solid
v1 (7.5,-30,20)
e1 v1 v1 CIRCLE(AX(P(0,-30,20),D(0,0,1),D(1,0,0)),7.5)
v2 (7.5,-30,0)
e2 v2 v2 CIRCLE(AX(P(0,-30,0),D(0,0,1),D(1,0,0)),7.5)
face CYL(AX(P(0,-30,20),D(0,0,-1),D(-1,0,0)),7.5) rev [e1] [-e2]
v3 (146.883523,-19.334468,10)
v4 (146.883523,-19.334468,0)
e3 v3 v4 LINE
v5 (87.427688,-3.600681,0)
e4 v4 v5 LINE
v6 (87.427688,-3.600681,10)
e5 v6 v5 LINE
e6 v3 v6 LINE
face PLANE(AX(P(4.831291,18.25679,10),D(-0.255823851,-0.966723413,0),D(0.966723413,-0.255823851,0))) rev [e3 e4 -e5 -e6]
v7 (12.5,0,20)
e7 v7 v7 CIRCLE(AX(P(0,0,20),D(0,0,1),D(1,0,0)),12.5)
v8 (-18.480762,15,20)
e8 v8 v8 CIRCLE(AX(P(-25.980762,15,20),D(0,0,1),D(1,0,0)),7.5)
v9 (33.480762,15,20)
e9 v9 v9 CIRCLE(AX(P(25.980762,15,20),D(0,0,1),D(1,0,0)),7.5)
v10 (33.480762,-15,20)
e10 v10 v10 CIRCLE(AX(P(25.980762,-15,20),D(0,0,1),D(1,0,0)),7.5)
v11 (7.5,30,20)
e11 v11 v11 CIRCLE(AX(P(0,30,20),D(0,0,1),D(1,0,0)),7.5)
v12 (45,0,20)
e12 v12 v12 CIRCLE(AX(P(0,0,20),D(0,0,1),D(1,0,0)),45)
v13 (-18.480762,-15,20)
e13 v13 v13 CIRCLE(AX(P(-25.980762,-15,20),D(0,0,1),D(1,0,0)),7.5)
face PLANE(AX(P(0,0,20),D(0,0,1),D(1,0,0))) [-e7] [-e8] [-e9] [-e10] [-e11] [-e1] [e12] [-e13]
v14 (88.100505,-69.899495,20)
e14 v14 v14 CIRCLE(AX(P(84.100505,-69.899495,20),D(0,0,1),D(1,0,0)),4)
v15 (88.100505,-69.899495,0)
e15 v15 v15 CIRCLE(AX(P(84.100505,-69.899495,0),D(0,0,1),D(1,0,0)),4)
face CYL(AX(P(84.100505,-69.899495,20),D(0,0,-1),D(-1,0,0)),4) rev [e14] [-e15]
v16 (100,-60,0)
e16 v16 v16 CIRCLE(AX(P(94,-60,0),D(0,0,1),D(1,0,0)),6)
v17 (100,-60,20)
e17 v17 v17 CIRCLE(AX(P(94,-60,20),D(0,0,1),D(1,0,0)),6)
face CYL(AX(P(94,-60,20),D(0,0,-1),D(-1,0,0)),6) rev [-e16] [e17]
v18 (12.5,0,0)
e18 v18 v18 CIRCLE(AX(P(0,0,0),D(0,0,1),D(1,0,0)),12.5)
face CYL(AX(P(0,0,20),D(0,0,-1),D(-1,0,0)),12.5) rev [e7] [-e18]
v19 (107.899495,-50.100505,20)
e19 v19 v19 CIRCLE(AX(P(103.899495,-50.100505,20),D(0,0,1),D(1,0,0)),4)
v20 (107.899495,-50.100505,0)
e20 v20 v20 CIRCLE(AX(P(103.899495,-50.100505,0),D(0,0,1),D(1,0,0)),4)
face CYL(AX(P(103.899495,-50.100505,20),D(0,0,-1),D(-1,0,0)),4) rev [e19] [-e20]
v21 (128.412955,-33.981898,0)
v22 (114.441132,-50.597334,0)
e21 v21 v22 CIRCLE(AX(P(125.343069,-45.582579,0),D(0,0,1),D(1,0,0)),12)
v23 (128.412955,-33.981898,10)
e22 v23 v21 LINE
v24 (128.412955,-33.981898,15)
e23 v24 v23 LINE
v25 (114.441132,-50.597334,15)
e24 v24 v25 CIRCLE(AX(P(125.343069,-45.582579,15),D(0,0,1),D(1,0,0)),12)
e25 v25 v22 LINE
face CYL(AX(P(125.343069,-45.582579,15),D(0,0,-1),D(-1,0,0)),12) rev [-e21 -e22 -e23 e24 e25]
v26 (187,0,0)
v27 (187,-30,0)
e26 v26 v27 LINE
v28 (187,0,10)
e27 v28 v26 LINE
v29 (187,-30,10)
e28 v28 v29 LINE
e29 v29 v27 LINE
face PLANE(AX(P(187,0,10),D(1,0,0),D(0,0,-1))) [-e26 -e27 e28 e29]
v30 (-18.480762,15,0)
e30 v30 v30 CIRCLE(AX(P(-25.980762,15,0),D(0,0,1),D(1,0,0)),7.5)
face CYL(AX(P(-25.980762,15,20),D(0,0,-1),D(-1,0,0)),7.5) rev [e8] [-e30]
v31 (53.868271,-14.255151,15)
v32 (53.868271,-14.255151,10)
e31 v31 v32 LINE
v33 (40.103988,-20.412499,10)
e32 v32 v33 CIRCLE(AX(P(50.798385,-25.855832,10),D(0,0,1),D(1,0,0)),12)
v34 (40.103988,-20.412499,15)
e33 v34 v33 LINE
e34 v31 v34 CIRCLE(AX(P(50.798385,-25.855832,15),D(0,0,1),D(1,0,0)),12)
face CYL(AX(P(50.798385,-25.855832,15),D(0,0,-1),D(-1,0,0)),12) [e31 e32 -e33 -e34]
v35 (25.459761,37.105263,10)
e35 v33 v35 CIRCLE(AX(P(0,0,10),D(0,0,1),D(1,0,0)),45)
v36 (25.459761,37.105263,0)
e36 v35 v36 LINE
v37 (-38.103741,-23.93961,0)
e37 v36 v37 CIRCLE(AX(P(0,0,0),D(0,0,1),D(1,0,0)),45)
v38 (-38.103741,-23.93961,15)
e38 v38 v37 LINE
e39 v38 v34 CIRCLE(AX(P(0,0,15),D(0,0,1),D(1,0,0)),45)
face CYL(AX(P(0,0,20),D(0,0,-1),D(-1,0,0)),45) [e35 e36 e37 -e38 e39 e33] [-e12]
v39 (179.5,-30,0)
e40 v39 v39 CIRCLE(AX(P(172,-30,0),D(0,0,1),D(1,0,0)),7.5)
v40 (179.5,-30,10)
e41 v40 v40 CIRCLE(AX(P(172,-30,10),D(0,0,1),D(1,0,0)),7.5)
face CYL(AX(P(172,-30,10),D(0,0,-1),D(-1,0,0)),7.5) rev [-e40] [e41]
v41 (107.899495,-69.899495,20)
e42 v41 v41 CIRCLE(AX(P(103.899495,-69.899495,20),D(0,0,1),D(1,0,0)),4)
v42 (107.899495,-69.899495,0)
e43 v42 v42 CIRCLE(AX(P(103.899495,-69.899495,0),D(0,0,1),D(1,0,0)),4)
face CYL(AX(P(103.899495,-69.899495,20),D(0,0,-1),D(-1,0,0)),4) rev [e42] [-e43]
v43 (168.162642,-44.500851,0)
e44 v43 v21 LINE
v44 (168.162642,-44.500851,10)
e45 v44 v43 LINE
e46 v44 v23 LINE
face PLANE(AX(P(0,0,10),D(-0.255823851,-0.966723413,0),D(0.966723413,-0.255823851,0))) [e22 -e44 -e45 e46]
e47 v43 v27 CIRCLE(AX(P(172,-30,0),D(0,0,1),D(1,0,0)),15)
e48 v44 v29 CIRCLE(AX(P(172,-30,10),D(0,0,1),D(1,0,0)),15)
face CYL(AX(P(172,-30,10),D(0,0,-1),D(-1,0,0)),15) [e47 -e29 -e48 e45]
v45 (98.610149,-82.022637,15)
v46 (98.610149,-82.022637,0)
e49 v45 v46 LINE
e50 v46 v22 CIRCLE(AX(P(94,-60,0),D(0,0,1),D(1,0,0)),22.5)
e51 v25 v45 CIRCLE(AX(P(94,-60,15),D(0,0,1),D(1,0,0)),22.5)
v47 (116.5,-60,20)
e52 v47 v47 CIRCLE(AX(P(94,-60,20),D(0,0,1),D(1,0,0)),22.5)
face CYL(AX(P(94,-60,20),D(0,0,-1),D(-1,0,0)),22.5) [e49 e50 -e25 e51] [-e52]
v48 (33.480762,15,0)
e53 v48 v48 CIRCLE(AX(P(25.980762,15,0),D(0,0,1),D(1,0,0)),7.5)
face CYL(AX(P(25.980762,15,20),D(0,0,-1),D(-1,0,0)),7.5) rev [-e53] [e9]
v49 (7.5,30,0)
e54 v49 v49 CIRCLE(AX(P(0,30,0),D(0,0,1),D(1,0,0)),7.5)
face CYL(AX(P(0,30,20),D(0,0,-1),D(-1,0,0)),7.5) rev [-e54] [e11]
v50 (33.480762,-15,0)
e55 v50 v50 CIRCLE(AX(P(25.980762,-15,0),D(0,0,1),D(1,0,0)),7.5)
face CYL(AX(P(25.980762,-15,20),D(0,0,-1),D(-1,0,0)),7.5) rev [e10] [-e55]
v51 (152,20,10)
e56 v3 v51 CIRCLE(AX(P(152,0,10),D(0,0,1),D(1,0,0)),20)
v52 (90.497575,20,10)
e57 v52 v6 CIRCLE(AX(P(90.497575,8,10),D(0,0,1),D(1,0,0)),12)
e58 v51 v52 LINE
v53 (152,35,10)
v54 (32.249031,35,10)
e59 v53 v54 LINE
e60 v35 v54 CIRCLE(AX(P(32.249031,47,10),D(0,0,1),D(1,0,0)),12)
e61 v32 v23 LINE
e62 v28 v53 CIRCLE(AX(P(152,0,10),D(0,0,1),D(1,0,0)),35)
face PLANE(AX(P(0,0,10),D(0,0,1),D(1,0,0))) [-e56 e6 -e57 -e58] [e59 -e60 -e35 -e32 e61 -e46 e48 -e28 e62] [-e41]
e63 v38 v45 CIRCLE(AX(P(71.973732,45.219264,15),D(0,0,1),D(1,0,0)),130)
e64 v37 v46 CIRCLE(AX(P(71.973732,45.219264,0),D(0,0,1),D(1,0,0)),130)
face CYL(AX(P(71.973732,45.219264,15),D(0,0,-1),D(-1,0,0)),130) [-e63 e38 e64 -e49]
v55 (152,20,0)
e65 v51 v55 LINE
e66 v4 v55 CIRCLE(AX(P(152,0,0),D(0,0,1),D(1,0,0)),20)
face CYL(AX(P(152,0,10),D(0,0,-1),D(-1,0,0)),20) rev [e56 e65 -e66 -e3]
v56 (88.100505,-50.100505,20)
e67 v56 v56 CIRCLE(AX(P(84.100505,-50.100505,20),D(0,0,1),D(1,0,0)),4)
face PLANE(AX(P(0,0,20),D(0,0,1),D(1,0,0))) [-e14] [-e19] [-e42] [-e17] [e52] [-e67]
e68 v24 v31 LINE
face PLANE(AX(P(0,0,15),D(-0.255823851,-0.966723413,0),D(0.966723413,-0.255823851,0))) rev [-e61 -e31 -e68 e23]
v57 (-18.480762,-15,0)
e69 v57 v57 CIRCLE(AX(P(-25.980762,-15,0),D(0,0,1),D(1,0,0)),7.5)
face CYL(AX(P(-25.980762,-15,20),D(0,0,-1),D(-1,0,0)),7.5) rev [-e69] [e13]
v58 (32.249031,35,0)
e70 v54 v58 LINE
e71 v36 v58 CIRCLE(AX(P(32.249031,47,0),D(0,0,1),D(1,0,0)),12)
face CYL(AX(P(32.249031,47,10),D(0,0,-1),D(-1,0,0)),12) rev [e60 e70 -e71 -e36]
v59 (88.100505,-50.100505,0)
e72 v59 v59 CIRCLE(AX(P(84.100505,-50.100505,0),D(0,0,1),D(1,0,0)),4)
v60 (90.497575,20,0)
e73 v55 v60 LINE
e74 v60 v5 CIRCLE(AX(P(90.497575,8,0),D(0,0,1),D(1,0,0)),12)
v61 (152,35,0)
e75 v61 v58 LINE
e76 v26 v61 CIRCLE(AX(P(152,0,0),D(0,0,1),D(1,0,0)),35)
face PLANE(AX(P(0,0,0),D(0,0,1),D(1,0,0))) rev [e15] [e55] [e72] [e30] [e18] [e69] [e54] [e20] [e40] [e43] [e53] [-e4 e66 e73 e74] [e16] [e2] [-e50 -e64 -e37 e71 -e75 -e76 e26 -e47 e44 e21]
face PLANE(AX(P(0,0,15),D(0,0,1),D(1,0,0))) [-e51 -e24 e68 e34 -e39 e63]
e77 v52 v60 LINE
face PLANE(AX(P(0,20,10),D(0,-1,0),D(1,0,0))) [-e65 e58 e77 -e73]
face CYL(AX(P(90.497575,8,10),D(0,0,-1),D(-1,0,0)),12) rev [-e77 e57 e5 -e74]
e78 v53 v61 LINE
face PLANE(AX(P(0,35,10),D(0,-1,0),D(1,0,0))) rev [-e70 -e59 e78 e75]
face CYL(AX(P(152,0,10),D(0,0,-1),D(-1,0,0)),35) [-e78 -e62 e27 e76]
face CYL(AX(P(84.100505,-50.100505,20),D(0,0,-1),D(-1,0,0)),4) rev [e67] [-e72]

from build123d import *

# Parameters (mm, degrees)
SKETCH_5_R      = 7.5
EXTRUDE_1_DEPTH = 10
SKETCH_5_3_R    = 45
SKETCH_5_3_R_2  = 7.5
SKETCH_5_3_R_3  = 12.5
SKETCH_5_3_R_4  = 22.5
SKETCH_5_3_R_5  = 4
SKETCH_5_3_R_6  = 6
EXTRUDE_2_DEPTH = 20
EXTRUDE_3_DEPTH = 15


with BuildPart() as part:
    # Эскиз5 → Бобышка-Вытянуть1 (new body)
    with BuildSketch(Plane.XY):
        with BuildLine():
            ThreePointArc((187, 0), (176.748737342, 24.748737342), (152, 35))
            Line((152, 35), (32.249030993, 35))
            ThreePointArc((32.249030993, 35), (28.694937727, 35.538393609), (25.45976131, 37.105263158))
            ThreePointArc((25.45976131, 37.105263158), (39.816386444, 20.967960571), (45, 0))
            ThreePointArc((45, 0), (43.758881795, -10.495725989), (40.103988265, -20.41249924))
            ThreePointArc((40.103988265, -20.41249924), (45.898229653, -14.901907218), (53.868271349, -14.255151415))
            Line((53.868271349, -14.255151415), (128.412955316, -33.981898358))
            Line((128.412955316, -33.981898358), (168.162642233, -44.500851195))
            ThreePointArc((168.162642233, -44.500851195), (181.149853373, -41.886134075), (187, -30))
            Line((187, -30), (187, 0))
        make_face()
        with Locations((172, -30)):
            Circle(SKETCH_5_R, mode=Mode.SUBTRACT)
        with BuildLine():
            Line((90.497574655, 20), (152, 20))
            ThreePointArc((152, 20), (171.832919165, -2.579790186), (146.883522978, -19.33446826))
            Line((146.883522978, -19.33446826), (87.427688442, -3.600680956))
            ThreePointArc((87.427688442, -3.600680956), (78.597823156, 9.547874112), (90.497574655, 20))
        make_face(mode=Mode.SUBTRACT)
    extrude(amount=EXTRUDE_1_DEPTH)

    # Эскиз5<3> → Бобышка-Вытянуть2 (add)
    # profile 1 of 2: a face of its own
    with BuildSketch(Plane.XY):
        Circle(SKETCH_5_3_R)
        with Locations((0, -30)):
            Circle(SKETCH_5_3_R_2, mode=Mode.SUBTRACT)
        with Locations((-25.980762114, -15)):
            Circle(SKETCH_5_3_R_2, mode=Mode.SUBTRACT)
        Circle(SKETCH_5_3_R_3, mode=Mode.SUBTRACT)
        with Locations((25.980762114, -15)):
            Circle(SKETCH_5_3_R_2, mode=Mode.SUBTRACT)
        with Locations((-25.980762114, 15)):
            Circle(SKETCH_5_3_R_2, mode=Mode.SUBTRACT)
        with Locations((0, 30)):
            Circle(SKETCH_5_3_R_2, mode=Mode.SUBTRACT)
        with Locations((25.980762114, 15)):
            Circle(SKETCH_5_3_R_2, mode=Mode.SUBTRACT)
    # profile 2 of 2: a face of its own
    with BuildSketch(Plane.XY):
        with Locations((94, -60)):
            Circle(SKETCH_5_3_R_4)
        with Locations((84.100505063, -69.899494937)):
            Circle(SKETCH_5_3_R_5, mode=Mode.SUBTRACT)
        with Locations((103.899494937, -69.899494937)):
            Circle(SKETCH_5_3_R_5, mode=Mode.SUBTRACT)
        with Locations((94, -60)):
            Circle(SKETCH_5_3_R_6, mode=Mode.SUBTRACT)
        with Locations((84.100505063, -50.100505063)):
            Circle(SKETCH_5_3_R_5, mode=Mode.SUBTRACT)
        with Locations((103.899494937, -50.100505063)):
            Circle(SKETCH_5_3_R_5, mode=Mode.SUBTRACT)
    extrude(amount=EXTRUDE_2_DEPTH)


with BuildPart() as extrude_2_piece_1:
    # of the separate pieces the step leaves, piece 1, a body of its own (extrude_2_pieces)
    add(part.part.solids().sort_by_distance((168.162642233, -44.500851195, 0))[0])



with BuildPart() as extrude_2_piece_2:
    # of the separate pieces the step leaves, piece 2, a body of its own (extrude_2_pieces)
    add(part.part.solids().sort_by_distance((116.5, -60, 0))[0])


with BuildPart() as extrude_2_piece_1_1:
    add(extrude_2_piece_1.part)

    add(extrude_2_piece_2.part)  # Бобышка-Вытянуть3 merges Бобышка-Вытянуть2 piece 2
    # Эскиз5<4> → Бобышка-Вытянуть3 (add)
    with BuildSketch(Plane.XY):
        with BuildLine():
            ThreePointArc((40.103988265, -20.41249924), (2.027406196, -44.954305957), (-38.103740681, -23.9396104))
            ThreePointArc((-38.103740681, -23.9396104), (21.140554647, -74.43017402), (98.610149033, -82.02263667))
            ThreePointArc((98.610149033, -82.02263667), (73.905745166, -49.877207764), (114.441132023, -50.597334335))
            ThreePointArc((114.441132023, -50.597334335), (116.158656581, -37.859460343), (128.412955316, -33.981898358))
            Line((128.412955316, -33.981898358), (53.868271349, -14.255151415))
            ThreePointArc((53.868271349, -14.255151415), (45.898229653, -14.901907218), (40.103988265, -20.41249924))
        make_face()
    extrude(amount=EXTRUDE_3_DEPTH)


solid = extrude_2_piece_1_1.part
